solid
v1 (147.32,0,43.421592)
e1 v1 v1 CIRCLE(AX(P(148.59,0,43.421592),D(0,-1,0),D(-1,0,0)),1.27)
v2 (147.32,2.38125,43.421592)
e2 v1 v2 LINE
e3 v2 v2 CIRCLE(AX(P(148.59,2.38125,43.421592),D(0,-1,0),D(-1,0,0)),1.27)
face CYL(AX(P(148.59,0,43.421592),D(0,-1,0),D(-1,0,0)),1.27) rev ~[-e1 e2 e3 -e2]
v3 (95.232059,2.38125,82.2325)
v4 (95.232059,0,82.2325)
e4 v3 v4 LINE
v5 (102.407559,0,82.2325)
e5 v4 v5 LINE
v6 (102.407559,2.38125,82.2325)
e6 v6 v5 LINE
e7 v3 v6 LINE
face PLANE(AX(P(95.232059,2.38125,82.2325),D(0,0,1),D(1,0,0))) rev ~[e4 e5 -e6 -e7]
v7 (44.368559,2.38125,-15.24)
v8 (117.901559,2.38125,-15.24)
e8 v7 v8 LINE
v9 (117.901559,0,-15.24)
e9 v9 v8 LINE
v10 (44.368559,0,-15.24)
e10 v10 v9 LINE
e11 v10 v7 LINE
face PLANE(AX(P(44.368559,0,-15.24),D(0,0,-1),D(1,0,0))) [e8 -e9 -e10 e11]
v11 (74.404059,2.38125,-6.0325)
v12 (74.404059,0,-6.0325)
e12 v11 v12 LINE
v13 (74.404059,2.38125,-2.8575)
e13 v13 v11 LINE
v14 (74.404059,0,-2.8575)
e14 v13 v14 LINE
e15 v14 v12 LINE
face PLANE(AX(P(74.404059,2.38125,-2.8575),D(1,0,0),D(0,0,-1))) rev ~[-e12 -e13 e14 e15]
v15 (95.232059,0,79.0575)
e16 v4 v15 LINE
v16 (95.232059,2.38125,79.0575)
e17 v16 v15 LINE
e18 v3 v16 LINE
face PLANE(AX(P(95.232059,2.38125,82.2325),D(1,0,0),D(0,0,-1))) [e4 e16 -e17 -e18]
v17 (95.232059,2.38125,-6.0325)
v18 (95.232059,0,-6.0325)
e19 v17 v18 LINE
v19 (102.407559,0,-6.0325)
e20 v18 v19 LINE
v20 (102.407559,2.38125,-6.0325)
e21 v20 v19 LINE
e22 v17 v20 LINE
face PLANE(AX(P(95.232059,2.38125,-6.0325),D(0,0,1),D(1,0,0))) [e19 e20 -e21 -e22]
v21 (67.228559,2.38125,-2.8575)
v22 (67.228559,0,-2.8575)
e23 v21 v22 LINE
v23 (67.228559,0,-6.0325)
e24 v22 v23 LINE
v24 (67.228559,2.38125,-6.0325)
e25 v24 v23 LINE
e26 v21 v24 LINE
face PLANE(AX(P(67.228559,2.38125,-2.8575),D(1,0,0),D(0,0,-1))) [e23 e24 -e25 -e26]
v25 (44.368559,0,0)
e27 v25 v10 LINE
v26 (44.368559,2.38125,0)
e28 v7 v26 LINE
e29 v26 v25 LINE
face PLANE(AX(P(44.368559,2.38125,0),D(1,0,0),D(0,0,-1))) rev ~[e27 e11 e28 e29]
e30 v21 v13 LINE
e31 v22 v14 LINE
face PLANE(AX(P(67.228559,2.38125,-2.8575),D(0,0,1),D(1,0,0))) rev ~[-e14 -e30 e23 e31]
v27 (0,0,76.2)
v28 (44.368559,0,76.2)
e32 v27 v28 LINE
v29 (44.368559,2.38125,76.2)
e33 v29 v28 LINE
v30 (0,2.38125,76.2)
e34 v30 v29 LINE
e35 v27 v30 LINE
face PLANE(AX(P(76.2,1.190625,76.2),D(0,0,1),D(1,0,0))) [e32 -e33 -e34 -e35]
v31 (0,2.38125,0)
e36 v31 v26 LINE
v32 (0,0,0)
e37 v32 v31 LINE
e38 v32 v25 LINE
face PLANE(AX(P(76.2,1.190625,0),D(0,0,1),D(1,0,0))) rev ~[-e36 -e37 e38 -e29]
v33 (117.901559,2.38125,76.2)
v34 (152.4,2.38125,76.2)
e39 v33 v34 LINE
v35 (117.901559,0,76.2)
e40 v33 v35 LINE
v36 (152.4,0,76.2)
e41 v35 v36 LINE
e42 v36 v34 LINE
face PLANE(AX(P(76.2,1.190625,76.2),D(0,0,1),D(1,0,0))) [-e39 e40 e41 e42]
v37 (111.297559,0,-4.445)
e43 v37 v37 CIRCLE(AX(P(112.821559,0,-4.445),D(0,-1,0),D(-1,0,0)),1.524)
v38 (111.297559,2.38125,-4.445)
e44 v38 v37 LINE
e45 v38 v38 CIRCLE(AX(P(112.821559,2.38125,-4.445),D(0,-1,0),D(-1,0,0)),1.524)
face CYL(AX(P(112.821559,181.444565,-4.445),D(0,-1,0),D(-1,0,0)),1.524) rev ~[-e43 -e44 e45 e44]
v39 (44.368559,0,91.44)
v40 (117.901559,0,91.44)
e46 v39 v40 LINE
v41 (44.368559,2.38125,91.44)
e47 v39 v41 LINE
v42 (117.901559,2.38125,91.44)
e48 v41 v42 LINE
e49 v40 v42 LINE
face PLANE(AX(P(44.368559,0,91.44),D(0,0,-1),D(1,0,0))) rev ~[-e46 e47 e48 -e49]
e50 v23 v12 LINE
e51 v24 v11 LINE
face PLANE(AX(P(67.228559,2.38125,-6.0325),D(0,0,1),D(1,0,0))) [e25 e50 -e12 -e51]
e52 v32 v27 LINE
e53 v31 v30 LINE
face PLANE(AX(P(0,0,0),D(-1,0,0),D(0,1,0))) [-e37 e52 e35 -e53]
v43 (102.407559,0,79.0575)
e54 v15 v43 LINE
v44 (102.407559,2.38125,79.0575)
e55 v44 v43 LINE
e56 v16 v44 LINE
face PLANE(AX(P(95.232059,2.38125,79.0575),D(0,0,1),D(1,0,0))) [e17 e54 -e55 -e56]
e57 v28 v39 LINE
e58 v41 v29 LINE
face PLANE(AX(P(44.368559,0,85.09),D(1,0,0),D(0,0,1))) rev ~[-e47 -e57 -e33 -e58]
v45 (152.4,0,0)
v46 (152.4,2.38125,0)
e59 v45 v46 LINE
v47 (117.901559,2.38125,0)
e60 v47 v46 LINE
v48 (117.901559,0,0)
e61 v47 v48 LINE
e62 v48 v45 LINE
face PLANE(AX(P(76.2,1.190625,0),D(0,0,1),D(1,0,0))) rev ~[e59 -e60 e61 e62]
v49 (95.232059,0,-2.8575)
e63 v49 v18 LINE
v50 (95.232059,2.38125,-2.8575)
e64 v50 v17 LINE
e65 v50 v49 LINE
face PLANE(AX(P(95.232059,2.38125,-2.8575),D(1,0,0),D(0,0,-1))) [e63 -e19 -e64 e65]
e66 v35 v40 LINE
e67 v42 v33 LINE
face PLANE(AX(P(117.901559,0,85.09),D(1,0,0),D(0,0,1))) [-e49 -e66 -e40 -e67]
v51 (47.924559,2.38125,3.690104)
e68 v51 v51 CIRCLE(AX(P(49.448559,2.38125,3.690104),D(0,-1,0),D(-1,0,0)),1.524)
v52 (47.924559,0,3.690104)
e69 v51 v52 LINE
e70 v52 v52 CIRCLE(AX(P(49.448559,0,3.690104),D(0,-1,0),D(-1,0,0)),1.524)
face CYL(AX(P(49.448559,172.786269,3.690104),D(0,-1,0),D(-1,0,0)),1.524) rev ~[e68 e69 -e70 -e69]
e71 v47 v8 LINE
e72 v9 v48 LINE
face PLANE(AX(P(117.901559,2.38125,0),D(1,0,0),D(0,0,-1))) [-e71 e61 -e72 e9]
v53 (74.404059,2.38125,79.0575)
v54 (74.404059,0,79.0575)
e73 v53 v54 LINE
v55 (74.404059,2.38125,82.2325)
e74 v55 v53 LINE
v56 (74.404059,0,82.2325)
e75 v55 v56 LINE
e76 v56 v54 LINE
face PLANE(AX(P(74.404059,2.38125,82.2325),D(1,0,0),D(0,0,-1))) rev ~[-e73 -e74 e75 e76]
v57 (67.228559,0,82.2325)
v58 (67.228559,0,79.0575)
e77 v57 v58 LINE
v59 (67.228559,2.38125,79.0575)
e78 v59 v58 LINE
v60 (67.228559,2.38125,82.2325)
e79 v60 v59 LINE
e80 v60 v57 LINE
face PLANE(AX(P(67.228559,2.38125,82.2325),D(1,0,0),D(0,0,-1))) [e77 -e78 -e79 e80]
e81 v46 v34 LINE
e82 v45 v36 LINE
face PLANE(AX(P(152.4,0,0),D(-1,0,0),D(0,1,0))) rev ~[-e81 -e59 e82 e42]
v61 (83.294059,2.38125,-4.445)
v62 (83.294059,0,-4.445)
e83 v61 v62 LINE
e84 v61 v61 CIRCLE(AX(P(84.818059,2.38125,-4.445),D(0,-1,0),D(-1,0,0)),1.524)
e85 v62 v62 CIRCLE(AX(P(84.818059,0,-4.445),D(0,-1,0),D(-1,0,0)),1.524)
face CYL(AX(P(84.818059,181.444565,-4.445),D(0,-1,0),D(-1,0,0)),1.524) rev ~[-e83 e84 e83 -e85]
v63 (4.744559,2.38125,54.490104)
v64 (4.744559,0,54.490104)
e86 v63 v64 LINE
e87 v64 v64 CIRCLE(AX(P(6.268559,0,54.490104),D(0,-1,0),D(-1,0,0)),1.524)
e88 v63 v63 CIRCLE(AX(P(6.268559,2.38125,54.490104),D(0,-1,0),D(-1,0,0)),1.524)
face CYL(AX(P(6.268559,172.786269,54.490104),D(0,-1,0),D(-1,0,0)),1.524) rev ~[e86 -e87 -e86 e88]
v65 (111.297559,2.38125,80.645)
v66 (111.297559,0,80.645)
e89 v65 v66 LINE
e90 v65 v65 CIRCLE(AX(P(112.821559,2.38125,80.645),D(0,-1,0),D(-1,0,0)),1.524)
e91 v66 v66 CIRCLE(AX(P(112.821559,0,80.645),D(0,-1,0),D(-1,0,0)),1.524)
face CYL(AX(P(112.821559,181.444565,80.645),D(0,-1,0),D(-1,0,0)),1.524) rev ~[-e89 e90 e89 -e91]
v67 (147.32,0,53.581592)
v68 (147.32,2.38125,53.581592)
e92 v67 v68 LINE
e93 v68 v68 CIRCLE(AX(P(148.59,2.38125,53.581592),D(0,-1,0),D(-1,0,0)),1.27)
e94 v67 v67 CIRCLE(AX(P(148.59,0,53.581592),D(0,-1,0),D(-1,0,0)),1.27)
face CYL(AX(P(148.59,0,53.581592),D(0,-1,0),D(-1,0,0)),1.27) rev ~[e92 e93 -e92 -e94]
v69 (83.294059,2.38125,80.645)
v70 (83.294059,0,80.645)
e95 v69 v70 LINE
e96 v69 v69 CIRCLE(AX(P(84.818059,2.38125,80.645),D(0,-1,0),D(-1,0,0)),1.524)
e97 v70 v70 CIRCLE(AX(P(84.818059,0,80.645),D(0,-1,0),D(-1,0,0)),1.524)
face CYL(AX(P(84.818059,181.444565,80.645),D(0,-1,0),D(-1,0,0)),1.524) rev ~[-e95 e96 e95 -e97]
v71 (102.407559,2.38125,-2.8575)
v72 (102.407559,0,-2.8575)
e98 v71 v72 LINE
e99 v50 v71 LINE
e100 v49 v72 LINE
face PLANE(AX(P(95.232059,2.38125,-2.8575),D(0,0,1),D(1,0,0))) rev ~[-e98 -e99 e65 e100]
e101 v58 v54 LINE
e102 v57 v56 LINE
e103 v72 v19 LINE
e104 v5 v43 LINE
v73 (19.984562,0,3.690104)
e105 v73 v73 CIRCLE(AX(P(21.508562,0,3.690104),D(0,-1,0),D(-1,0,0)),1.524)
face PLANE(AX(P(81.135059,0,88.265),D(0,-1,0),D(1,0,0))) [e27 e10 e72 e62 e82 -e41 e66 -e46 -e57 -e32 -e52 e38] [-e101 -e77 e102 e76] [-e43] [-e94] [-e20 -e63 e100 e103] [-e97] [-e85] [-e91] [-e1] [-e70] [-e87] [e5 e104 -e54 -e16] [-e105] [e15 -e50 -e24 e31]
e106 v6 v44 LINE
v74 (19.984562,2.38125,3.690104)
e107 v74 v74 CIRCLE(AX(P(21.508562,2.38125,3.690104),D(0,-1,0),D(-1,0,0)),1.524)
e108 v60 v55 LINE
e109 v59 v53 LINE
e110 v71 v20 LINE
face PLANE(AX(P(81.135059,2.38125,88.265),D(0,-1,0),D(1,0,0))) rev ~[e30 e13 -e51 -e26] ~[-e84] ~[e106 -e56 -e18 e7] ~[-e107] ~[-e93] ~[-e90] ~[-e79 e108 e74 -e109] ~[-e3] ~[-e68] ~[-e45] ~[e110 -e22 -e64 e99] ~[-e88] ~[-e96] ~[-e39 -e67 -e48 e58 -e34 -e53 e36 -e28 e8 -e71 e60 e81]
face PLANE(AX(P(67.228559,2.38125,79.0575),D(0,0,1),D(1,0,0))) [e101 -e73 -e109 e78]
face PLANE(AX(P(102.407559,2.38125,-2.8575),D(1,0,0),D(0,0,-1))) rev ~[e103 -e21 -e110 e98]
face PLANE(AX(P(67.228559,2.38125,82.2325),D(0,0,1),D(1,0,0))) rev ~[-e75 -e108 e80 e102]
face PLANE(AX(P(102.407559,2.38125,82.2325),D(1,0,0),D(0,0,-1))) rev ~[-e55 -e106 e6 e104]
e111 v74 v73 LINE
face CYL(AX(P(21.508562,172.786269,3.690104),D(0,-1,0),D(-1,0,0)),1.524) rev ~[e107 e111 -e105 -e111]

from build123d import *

# Parameters (mm, degrees)
SKETCH1_W                  = 152.4
SKETCH1_H                  = 2.38125
BOSS_EXTRUDE1_DEPTH        = 76.2
F_31_0_12_DIAMETER_HOLE4_D = 3.048
SKETCH25_W                 = 73.533
SKETCH25_H                 = 8.89
BOSS_EXTRUDE2_DEPTH        = 2.38125
SKETCH26_W                 = 7.1755
SKETCH26_H                 = 3.175
CUT_EXTRUDE3_DEPTH         = 3.38125
F_31_0_12_DIAMETER_HOLE6_D = 3.048
SKETCH32_W                 = 73.533
SKETCH32_H                 = 6.35
BOSS_EXTRUDE3_DEPTH        = 2.38125
SKETCH31_R                 = 1.27
CUT_EXTRUDE4_DEPTH         = 3.38125


with BuildPart() as part:
    # Sketch1 → Boss-Extrude1 (new body)
    with BuildSketch(Plane.XY):
        with Locations((76.2, 1.190625)):
            Rectangle(SKETCH1_W, SKETCH1_H)
    extrude(amount=BOSS_EXTRUDE1_DEPTH)

    # #31 (0.12) Diameter Hole4 (through all)
    with Locations(Plane(origin=(0, 2.38125, 0), x_dir=(1, 0, 0), z_dir=(0, 1, 0))):
        with Locations((49.448559218, -3.690103872), (21.508561504, -3.690103872), (6.268559218, -54.490103872)):
            Hole(F_31_0_12_DIAMETER_HOLE4_D / 2)

    # Sketch25 → Boss-Extrude2 (add)
    with BuildSketch(Plane(origin=(0, 2.38125, 0), x_dir=(1, 0, 0), z_dir=(0, 1, 0))):
        with Locations((81.135059218, 4.445)):
            Rectangle(SKETCH25_W, SKETCH25_H)
        with Locations((81.135059218, -80.645)):
            Rectangle(SKETCH25_W, SKETCH25_H)
    extrude(amount=-BOSS_EXTRUDE2_DEPTH)

    # Sketch26 → Cut-Extrude3 (cut, through all)
    with BuildSketch(Plane(origin=(0, 2.38125, 0), x_dir=(1, 0, 0), z_dir=(0, 1, 0))):
        with Locations((70.816309218, 4.445)):
            Rectangle(SKETCH26_W, SKETCH26_H)
        with Locations((98.819809218, 4.445)):
            Rectangle(SKETCH26_W, SKETCH26_H)
        with Locations((98.819809218, -80.645)):
            Rectangle(SKETCH26_W, SKETCH26_H)
        with Locations((70.816309218, -80.645)):
            Rectangle(SKETCH26_W, SKETCH26_H)
    extrude(amount=-CUT_EXTRUDE3_DEPTH, mode=Mode.SUBTRACT)

    # #31 (0.12) Diameter Hole6 (through all)
    with Locations(Plane(origin=(0, 2.38125, 0), x_dir=(1, 0, 0), z_dir=(0, 1, 0))):
        with Locations((84.818059218, 4.445), (112.821559218, 4.445), (112.821559218, -80.645), (84.818059218, -80.645)):
            Hole(F_31_0_12_DIAMETER_HOLE6_D / 2)

    # Sketch32 → Boss-Extrude3 (add)
    with BuildSketch(Plane.XZ):
        with Locations((81.135059218, 88.265)):
            Rectangle(SKETCH32_W, SKETCH32_H)
        with Locations((81.135059218, -12.065)):
            Rectangle(SKETCH32_W, SKETCH32_H)
    extrude(amount=-BOSS_EXTRUDE3_DEPTH)

    # Sketch31 → Cut-Extrude4 (cut, through all)
    with BuildSketch(Plane(origin=(0, 0, 0), x_dir=(-1, 0, 0), z_dir=(0, -1, 0))):
        with Locations((-148.59, -43.421592432)):
            Circle(SKETCH31_R)
        with Locations((-148.59, -53.581592432)):
            Circle(SKETCH31_R)
    extrude(amount=-CUT_EXTRUDE4_DEPTH, mode=Mode.SUBTRACT)


solid = part.part
